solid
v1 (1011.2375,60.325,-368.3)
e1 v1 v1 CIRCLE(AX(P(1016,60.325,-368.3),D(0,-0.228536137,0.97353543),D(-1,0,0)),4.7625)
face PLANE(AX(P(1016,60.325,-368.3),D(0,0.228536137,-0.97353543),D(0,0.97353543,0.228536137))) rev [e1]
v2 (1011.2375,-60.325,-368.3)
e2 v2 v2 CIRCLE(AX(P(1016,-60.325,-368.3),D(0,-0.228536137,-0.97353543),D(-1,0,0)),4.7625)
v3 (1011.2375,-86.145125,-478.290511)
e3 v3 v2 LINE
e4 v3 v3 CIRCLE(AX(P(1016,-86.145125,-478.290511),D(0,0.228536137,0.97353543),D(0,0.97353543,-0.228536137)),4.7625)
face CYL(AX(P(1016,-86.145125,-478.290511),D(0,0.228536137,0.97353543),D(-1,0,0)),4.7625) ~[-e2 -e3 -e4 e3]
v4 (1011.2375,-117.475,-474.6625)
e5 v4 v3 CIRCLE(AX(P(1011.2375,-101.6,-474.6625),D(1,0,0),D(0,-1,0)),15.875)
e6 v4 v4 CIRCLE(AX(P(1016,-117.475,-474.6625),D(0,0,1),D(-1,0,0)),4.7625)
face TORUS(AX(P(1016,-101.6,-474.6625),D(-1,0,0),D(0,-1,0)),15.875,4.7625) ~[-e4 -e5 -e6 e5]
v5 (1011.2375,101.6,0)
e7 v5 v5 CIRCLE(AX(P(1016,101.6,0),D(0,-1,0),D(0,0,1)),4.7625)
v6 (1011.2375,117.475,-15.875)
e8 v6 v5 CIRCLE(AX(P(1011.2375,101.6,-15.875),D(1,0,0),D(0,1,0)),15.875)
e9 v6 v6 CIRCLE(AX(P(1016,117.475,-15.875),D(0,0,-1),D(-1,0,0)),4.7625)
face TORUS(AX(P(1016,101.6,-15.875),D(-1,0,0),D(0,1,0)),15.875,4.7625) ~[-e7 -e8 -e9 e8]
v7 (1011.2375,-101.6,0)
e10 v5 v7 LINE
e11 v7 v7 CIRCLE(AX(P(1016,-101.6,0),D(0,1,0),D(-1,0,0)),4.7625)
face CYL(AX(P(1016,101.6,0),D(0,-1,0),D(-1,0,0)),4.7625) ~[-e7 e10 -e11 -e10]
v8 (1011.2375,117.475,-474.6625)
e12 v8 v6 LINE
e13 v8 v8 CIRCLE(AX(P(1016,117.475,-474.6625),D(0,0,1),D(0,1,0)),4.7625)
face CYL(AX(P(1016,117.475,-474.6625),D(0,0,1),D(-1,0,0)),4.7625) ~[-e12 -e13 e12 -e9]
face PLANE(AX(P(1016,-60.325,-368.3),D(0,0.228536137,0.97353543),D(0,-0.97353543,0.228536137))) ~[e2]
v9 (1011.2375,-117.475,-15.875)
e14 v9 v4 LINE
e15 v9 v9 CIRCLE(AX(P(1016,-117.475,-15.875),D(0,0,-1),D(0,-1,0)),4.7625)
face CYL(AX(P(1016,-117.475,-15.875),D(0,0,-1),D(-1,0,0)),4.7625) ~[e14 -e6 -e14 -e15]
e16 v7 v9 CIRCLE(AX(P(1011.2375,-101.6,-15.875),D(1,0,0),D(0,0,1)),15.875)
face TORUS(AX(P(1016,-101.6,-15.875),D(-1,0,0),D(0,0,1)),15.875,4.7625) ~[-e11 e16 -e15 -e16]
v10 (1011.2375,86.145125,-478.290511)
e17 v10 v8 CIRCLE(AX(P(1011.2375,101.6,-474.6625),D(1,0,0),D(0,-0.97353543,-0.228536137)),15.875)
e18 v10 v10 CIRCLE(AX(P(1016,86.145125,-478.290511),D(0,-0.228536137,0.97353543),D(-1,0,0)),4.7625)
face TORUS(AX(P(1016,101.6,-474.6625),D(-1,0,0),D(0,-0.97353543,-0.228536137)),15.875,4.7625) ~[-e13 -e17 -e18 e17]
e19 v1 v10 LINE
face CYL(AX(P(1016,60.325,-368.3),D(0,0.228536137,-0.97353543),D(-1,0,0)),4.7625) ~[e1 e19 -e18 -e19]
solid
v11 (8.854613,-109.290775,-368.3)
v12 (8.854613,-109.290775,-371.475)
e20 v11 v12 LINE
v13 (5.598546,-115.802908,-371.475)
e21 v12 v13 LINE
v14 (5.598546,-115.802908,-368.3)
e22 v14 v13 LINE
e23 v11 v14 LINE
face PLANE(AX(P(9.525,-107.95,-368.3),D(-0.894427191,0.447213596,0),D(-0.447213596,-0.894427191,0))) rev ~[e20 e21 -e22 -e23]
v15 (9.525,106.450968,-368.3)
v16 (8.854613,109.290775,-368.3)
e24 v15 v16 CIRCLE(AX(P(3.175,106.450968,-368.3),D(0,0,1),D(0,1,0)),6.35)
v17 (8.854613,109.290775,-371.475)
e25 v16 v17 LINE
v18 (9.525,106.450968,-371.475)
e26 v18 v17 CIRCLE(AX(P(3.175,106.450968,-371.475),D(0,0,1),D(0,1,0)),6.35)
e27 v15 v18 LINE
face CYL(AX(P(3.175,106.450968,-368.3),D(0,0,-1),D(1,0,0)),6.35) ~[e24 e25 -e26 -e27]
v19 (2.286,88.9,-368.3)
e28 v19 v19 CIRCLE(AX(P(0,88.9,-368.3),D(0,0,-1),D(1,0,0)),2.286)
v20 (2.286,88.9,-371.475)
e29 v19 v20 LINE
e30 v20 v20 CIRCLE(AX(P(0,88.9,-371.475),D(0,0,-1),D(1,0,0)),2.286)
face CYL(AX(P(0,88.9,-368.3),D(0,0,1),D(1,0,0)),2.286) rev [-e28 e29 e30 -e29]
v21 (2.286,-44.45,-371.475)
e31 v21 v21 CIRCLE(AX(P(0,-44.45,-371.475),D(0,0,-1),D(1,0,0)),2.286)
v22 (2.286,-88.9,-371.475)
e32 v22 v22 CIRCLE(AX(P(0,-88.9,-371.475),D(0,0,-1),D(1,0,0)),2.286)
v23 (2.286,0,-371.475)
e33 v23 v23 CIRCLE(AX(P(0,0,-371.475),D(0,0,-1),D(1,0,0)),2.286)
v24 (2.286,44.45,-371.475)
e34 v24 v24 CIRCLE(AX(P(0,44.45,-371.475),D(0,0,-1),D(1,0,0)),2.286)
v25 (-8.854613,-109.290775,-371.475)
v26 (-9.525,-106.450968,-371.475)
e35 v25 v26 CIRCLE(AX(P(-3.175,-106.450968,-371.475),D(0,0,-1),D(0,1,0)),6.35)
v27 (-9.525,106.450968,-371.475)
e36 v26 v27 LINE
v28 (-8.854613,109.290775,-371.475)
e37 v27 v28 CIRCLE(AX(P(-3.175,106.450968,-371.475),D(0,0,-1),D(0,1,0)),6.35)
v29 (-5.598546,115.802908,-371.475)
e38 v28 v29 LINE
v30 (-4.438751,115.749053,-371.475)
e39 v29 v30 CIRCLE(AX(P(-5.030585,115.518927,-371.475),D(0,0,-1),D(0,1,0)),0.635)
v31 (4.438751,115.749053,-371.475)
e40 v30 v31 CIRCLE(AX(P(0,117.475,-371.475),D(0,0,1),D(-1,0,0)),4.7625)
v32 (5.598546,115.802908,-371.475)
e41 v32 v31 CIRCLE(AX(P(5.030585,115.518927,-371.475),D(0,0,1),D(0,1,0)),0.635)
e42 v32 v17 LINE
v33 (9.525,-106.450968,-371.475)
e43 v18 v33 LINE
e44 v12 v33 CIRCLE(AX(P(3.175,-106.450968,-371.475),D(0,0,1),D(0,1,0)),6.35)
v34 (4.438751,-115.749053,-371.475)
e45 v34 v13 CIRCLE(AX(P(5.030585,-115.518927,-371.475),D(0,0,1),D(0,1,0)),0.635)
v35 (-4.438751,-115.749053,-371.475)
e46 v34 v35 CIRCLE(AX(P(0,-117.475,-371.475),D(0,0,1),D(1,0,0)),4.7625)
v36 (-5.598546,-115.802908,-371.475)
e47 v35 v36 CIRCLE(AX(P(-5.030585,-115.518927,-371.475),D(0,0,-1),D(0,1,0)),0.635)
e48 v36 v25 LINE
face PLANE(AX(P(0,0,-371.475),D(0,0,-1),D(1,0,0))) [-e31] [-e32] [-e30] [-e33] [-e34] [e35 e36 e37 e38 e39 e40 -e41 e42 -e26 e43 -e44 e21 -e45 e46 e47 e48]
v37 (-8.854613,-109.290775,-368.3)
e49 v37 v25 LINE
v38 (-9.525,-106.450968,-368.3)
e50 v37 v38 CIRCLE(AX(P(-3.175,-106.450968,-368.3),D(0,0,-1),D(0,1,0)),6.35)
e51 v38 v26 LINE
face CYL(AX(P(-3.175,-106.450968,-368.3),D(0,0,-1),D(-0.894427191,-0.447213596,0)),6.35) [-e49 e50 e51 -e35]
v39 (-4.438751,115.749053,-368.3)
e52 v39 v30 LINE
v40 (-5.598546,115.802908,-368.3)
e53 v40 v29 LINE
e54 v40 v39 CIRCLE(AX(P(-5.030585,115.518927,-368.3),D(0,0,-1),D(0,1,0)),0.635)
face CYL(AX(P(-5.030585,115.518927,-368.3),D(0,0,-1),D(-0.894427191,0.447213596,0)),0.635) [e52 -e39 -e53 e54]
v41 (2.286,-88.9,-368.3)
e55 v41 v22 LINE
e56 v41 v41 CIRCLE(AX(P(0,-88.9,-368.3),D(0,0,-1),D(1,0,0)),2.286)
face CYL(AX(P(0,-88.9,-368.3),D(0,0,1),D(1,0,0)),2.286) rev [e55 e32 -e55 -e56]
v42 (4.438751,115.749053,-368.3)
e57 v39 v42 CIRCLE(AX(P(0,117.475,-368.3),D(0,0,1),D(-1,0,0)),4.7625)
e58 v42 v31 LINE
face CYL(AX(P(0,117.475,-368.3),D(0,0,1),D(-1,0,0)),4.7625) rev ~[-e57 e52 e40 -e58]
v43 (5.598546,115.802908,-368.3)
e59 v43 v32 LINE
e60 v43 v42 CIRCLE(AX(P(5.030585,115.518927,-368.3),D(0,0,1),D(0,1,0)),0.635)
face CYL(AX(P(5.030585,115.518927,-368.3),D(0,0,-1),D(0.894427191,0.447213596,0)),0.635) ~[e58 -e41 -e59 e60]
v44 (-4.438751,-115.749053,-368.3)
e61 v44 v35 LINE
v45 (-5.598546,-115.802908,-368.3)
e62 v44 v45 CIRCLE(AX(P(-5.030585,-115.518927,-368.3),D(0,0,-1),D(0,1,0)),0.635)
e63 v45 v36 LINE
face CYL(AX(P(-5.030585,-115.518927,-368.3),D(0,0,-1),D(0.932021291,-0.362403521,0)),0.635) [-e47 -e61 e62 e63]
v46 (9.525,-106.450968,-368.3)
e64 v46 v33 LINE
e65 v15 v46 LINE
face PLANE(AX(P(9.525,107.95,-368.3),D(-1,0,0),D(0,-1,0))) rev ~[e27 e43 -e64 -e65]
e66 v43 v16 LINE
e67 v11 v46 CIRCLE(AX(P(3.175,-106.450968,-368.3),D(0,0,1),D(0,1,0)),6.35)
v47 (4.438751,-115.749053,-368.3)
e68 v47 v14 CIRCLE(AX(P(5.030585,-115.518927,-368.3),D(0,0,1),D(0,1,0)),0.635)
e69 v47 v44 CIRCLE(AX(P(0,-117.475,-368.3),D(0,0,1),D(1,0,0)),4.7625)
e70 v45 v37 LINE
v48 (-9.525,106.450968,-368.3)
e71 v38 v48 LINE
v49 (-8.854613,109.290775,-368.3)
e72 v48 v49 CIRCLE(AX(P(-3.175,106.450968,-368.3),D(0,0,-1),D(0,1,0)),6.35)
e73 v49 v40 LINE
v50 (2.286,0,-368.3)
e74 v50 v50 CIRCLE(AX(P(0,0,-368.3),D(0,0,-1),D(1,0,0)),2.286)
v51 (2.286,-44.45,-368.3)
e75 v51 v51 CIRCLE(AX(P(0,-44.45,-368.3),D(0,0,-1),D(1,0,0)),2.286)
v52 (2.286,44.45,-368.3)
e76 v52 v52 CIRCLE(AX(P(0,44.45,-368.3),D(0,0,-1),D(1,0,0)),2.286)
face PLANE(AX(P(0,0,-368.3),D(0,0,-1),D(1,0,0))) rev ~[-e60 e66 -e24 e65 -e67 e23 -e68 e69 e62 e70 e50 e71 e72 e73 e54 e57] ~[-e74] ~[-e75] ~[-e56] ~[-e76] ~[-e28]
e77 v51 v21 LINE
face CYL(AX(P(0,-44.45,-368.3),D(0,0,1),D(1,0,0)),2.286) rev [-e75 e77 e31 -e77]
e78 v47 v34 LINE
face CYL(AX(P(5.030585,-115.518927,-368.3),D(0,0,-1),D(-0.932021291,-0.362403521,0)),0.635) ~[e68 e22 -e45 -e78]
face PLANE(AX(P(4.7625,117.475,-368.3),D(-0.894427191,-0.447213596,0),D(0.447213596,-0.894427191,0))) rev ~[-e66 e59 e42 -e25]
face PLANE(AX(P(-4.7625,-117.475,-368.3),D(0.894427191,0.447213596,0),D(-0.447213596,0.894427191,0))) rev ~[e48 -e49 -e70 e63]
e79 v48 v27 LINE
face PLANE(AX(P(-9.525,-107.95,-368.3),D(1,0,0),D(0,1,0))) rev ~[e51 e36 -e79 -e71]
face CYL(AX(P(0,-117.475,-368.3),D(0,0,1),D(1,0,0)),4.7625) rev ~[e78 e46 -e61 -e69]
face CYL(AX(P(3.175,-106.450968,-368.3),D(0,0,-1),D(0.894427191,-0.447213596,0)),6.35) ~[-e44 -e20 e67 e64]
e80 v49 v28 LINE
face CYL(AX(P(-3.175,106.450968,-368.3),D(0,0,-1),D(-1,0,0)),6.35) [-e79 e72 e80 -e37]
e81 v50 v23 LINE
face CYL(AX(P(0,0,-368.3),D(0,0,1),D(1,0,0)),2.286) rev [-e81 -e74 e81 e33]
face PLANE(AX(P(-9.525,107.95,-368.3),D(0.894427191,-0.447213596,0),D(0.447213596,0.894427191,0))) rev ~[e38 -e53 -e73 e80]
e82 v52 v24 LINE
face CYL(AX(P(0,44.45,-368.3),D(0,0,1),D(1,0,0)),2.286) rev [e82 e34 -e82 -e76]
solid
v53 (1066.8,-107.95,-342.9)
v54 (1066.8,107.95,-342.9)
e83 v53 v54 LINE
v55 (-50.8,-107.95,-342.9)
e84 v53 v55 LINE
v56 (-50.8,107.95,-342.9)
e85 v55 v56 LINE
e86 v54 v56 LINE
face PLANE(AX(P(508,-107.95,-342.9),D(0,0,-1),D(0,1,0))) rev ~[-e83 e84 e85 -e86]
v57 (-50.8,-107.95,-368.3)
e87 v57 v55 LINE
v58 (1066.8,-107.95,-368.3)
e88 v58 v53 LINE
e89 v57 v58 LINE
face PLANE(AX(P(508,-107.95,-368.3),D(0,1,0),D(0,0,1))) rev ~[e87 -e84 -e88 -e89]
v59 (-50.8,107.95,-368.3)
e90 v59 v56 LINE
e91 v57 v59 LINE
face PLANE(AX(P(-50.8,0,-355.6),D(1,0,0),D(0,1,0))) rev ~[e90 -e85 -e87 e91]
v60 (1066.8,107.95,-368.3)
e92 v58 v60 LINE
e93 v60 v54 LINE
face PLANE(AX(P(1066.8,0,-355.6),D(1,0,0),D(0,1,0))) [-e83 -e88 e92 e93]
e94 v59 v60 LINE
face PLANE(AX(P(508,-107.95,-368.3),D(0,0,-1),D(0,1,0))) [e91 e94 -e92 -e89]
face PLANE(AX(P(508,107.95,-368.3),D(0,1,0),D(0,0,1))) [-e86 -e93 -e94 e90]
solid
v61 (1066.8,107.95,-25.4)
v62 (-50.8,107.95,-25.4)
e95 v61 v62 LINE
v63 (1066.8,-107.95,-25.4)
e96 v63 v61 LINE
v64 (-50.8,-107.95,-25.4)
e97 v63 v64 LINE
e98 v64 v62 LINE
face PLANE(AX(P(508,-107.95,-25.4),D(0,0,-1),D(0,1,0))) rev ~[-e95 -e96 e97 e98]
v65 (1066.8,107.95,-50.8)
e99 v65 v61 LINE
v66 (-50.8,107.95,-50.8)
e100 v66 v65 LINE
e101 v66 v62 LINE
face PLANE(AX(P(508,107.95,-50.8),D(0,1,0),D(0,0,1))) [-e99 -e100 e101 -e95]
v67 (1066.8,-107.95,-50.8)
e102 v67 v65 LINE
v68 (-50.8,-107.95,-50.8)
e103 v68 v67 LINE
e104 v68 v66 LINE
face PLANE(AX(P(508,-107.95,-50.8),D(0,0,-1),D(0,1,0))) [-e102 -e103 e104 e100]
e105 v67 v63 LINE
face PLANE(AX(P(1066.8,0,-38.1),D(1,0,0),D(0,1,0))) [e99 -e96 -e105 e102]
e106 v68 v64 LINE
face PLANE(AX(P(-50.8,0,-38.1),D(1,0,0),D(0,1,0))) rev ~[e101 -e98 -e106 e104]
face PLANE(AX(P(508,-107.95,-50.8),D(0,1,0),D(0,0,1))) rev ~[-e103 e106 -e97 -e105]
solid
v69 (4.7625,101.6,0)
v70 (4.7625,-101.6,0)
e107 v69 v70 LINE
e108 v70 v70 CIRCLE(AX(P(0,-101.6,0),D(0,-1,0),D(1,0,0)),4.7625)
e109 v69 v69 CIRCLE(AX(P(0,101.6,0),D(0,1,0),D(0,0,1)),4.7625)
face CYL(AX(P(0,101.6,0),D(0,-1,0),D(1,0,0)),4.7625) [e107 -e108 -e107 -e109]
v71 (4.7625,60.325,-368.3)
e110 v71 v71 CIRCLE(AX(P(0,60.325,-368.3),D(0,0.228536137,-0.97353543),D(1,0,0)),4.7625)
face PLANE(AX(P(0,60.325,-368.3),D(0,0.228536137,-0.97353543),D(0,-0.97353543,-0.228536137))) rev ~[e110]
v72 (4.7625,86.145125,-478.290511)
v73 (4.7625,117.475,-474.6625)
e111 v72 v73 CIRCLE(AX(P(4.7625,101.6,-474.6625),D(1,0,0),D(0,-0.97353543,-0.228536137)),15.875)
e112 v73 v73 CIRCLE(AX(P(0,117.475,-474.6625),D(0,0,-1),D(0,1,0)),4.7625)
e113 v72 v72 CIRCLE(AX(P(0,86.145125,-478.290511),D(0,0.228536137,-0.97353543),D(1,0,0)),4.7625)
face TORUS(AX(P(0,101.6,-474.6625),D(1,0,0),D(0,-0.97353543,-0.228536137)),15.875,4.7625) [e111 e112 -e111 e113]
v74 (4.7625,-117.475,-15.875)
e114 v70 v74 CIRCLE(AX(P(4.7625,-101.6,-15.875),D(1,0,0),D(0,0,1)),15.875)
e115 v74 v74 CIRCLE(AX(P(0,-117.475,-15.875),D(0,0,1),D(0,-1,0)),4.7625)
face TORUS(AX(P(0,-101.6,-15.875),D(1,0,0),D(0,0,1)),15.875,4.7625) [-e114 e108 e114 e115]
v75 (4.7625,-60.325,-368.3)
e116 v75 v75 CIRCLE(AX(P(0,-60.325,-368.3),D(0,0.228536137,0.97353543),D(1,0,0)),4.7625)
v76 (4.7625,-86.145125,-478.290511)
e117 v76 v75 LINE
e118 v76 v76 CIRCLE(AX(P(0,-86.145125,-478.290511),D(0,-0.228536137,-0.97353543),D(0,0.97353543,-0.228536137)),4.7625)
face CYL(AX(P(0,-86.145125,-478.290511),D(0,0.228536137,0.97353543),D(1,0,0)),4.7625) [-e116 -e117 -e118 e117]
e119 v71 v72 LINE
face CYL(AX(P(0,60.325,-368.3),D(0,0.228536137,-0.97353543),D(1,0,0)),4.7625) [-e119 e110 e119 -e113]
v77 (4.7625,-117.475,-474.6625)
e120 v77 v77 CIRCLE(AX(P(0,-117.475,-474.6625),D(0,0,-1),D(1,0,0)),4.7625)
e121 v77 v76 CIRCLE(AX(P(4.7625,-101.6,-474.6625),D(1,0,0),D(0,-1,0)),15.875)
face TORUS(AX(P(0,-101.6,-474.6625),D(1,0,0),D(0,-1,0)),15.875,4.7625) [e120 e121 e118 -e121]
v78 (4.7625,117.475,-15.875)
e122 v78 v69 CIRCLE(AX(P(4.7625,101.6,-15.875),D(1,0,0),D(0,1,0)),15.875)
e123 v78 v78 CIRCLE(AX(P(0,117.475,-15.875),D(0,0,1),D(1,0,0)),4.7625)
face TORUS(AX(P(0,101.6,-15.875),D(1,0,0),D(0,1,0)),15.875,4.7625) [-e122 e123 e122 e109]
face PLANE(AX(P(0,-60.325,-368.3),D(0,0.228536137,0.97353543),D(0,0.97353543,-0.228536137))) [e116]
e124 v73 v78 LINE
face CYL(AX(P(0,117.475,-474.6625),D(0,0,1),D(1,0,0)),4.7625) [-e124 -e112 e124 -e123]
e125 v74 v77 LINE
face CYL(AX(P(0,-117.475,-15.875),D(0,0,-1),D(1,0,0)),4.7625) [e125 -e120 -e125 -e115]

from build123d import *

# Parameters (mm, degrees)
F1_R          = 4.7625
F5_W          = 215.9
F5_H          = 25.4
F6_DEPTH      = 558.8
F6_DEPTH_BACK = 558.8
F7_R          = 2.286
F8_DEPTH      = 3.175
F9_R          = 0.635
F10_R         = 6.35


with BuildPart() as f2:
    # F2: sweep along a path in F0
    with BuildLine(Plane.YZ) as f2_path:
        Line((60.325, -368.3), (86.1451250442, -478.2905111769))
        ThreePointArc((86.1451250442, -478.2905111769), (103.4261277442, -490.4321189701), (117.475, -474.6625))
        Line((117.475, -474.6625), (117.475, -15.875))
        ThreePointArc((117.475, -15.875), (112.8253201513, -4.6496798487), (101.6, 0))
        Line((101.6, 0), (0, 0))
        Line((0, 0), (-101.6, 0))
        ThreePointArc((-101.6, 0), (-112.8253201513, -4.6496798487), (-117.475, -15.875))
        Line((-117.475, -15.875), (-117.475, -474.6625))
        ThreePointArc((-117.475, -474.6625), (-103.4261277442, -490.4321189701), (-86.1451250442, -478.2905111769))
        Line((-86.1451250442, -478.2905111769), (-60.325, -368.3))
    # F1 (on Front) → F2 (sweep)
    with BuildSketch(Plane.XZ):
        Circle(F1_R)
    sweep(path=f2_path.line)


with BuildPart() as f4_1:
    # F4: instance of F2
    add(f2.part.mirror(Plane.YZ.offset(508)))


with BuildPart() as f6:
    # F5 (on offset) → F6 (new body, two sides)
    with BuildSketch(Plane.YZ.offset(508)) as f6_sk:
        with Locations((0, -38.1)):
            Rectangle(F5_W, F5_H)
    extrude(amount=F6_DEPTH)
    extrude(f6_sk.sketch, amount=-F6_DEPTH_BACK)


with BuildPart() as f6b:
    # F5 (on offset) → F6, piece 2 (new body, two sides)
    with BuildSketch(Plane.YZ.offset(508)) as f6_2_sk:
        with Locations((0, -355.6)):
            Rectangle(F5_W, F5_H)
    extrude(amount=F6_DEPTH)
    extrude(f6_2_sk.sketch, amount=-F6_DEPTH_BACK)


with BuildPart() as f8:
    # F7 (on face) → F8 (new body)
    with BuildSketch(Plane(origin=(0, 0, -368.3), x_dir=(1, 0, 0), z_dir=(0, 0, -1))):
        with BuildLine():
            ThreePointArc((4.7625, 117.475), (0, 112.7125), (-4.7625, 117.475))
            Line((-4.7625, 117.475), (-9.525, 107.95))
            Line((-9.525, 107.95), (-9.525, -107.95))
            Line((-9.525, -107.95), (-4.7625, -117.475))
            ThreePointArc((-4.7625, -117.475), (0, -112.7125), (4.7625, -117.475))
            Line((4.7625, -117.475), (9.525, -107.95))
            Line((9.525, -107.95), (9.525, 107.95))
            Line((9.525, 107.95), (4.7625, 117.475))
        make_face()
        with Locations((0, -88.9)):
            Circle(F7_R, mode=Mode.SUBTRACT)
        with Locations((0, -44.45)):
            Circle(F7_R, mode=Mode.SUBTRACT)
        Circle(F7_R, mode=Mode.SUBTRACT)
        with Locations((0, 44.45)):
            Circle(F7_R, mode=Mode.SUBTRACT)
        with Locations((0, 88.9)):
            Circle(F7_R, mode=Mode.SUBTRACT)
    extrude(amount=F8_DEPTH)

    # F9
    f9_edges = [f8.edges().sort_by_distance(p)[0] for p in [
        (-4.7625, -117.475, -369.8875),
        (4.7625, -117.475, -369.8875),
        (4.7625, 117.475, -369.8875),
        (-4.7625, 117.475, -369.8875),
    ]]
    fillet(f9_edges, radius=F9_R)

    # F10
    f10_edges = [f8.edges().sort_by_distance(p)[0] for p in [
        (-9.525, 107.95, -369.8875),
        (9.525, 107.95, -369.8875),
        (9.525, -107.95, -369.8875),
        (-9.525, -107.95, -369.8875),
    ]]
    fillet(f10_edges, radius=F10_R)


solid = Compound([f2.part, f4_1.part, f6.part, f6b.part, f8.part])
